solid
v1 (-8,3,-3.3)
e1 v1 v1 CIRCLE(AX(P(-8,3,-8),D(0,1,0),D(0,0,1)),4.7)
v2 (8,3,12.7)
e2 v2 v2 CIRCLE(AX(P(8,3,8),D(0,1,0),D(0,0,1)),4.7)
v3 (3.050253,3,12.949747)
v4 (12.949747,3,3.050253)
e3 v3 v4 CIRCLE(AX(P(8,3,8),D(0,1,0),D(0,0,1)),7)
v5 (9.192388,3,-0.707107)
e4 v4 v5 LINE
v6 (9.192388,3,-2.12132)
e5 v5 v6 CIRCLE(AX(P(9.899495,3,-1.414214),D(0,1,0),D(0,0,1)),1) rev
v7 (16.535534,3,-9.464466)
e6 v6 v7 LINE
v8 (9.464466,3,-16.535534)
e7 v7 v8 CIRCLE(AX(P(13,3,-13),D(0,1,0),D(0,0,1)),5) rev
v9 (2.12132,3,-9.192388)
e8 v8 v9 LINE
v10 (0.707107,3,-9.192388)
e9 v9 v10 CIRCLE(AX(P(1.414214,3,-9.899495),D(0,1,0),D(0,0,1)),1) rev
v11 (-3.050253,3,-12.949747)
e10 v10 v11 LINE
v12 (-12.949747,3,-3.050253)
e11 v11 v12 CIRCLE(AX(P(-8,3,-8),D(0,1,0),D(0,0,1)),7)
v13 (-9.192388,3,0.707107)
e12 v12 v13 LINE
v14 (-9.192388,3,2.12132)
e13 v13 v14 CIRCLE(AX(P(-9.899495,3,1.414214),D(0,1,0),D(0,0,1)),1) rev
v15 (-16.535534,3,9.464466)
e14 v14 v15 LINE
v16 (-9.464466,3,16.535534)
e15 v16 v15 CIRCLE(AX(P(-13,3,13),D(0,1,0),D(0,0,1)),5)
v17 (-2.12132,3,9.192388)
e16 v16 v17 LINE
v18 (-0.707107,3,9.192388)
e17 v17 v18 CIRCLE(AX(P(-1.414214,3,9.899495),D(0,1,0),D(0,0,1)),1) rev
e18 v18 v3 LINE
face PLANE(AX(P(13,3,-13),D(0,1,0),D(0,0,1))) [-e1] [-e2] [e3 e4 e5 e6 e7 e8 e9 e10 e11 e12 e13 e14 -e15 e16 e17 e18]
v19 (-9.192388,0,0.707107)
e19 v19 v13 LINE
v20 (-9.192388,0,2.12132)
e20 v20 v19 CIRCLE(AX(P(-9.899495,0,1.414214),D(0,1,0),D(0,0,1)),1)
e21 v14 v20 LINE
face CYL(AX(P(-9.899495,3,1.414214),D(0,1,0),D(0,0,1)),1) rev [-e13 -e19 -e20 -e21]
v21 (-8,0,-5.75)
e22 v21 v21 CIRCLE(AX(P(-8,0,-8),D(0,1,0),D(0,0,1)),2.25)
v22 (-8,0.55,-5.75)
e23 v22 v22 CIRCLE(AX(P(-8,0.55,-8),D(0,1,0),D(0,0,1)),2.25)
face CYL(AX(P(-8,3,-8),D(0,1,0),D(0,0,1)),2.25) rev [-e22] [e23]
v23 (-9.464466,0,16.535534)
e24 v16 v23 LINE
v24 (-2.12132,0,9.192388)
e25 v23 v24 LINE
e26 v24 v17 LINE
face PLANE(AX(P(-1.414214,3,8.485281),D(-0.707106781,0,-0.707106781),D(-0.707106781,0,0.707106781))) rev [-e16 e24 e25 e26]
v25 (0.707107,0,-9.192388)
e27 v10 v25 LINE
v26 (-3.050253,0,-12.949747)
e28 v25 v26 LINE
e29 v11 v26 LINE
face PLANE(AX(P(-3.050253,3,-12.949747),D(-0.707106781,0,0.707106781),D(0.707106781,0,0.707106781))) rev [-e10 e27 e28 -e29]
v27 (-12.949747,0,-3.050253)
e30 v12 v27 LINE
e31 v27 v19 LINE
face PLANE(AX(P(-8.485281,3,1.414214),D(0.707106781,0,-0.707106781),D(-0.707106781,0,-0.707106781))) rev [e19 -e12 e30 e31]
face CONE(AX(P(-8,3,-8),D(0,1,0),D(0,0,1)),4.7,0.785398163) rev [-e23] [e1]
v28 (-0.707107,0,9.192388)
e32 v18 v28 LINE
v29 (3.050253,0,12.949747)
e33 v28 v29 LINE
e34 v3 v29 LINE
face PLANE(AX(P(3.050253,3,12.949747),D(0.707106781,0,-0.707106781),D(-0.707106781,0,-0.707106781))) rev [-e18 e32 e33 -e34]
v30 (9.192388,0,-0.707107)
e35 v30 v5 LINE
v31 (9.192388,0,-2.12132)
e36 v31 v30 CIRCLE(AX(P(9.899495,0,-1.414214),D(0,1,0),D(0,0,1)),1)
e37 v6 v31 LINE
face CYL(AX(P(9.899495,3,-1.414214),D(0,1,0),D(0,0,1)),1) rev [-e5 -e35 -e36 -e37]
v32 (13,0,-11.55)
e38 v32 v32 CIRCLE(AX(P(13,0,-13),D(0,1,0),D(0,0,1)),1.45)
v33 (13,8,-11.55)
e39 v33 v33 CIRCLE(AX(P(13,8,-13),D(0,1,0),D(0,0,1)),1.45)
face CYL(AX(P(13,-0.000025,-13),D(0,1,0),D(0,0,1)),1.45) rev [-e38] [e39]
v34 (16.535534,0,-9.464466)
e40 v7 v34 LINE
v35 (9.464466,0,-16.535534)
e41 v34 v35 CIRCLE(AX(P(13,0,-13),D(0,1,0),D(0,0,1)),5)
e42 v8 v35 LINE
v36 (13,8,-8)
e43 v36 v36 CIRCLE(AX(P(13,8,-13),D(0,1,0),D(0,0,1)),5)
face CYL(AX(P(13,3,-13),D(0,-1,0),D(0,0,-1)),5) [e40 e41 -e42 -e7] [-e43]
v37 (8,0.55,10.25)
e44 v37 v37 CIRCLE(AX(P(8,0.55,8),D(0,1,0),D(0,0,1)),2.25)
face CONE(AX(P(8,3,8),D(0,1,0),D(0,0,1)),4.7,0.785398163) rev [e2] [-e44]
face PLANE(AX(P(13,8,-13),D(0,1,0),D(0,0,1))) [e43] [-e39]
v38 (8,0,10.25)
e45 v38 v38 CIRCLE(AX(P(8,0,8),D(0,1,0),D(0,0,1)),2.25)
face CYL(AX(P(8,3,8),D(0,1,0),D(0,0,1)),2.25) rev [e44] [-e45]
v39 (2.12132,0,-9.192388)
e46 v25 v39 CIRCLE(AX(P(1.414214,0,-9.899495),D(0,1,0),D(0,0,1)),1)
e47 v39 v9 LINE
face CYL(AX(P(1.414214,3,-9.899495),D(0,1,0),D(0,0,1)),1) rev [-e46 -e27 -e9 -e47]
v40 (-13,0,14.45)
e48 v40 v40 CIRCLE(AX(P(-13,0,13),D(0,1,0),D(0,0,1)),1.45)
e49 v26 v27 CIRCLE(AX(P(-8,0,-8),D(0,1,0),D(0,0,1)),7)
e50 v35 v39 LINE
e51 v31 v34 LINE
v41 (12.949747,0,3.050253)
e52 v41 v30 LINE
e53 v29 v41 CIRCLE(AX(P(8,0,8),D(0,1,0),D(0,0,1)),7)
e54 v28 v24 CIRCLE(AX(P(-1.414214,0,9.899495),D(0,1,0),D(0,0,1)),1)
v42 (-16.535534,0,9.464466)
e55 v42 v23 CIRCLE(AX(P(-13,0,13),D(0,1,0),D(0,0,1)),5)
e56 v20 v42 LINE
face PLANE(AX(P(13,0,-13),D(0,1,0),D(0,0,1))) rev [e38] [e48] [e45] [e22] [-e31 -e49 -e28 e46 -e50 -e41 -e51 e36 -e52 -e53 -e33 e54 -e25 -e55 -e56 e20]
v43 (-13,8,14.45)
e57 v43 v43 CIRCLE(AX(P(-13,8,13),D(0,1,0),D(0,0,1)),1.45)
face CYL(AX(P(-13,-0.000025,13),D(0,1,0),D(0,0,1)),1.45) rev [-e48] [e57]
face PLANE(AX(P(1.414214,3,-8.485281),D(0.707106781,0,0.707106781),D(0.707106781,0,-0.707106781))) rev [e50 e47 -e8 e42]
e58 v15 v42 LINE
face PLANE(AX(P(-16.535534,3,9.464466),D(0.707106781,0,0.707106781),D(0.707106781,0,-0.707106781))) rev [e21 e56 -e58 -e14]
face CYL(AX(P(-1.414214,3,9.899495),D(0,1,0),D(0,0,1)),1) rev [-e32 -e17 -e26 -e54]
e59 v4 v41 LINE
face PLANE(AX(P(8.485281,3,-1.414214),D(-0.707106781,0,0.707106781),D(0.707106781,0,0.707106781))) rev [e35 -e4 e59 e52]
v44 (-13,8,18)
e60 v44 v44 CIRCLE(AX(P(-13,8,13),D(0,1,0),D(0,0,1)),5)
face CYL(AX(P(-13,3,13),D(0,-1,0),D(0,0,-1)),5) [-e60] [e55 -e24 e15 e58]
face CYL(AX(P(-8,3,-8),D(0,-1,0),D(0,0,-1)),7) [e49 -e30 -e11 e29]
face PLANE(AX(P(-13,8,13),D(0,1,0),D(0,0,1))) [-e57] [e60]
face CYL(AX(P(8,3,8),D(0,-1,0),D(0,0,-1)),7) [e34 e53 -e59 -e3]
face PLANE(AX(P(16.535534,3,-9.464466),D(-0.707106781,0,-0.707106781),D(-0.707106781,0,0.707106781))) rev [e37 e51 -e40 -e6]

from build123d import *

# Parameters (mm, degrees)
BOSS_EXTRUDE1_DEPTH                          = 3
FILLET1_R                                    = 1
CSK_FOR_M4_COUNTERSUNK_FLAT_HEAD_SCR_2_COUNT = 2
CSK_FOR_M4_COUNTERSUNK_FLAT_HEAD_SCR_2_PITCH = 22.627416998
SKETCH4_R                                    = 5
BOSS_EXTRUDE2_DEPTH                          = 5
SKETCH5_R                                    = 1.45
CUT_EXTRUDE1_DEPTH                           = 9


with BuildPart() as part:
    # Sketch1 → Boss-Extrude1 (new body)
    with BuildSketch(Plane(origin=(0, 0, 0), x_dir=(1, 0, 0), z_dir=(0, 1, 0))):
        with BuildLine():
            Line((-16.535533906, -9.464466094), (-8.485281374, -1.414213562))
            Line((-8.485281374, -1.414213562), (-12.949747468, 3.050252532))
            ThreePointArc((-12.949747468, 3.050252532), (-12.949747468, 12.949747468), (-3.050252532, 12.949747468))
            Line((-3.050252532, 12.949747468), (1.414213562, 8.485281374))
            Line((1.414213562, 8.485281374), (9.464466094, 16.535533906))
            ThreePointArc((9.464466094, 16.535533906), (16.535533906, 16.535533906), (16.535533906, 9.464466094))
            Line((16.535533906, 9.464466094), (8.485281374, 1.414213562))
            Line((8.485281374, 1.414213562), (12.949747468, -3.050252532))
            ThreePointArc((12.949747468, -3.050252532), (12.949747468, -12.949747468), (3.050252532, -12.949747468))
            Line((3.050252532, -12.949747468), (-1.414213562, -8.485281374))
            Line((-1.414213562, -8.485281374), (-9.464466094, -16.535533906))
            ThreePointArc((-9.464466094, -16.535533906), (-16.535533906, -16.535533906), (-16.535533906, -9.464466094))
        make_face()
    extrude(amount=BOSS_EXTRUDE1_DEPTH)

    # Fillet1
    fillet1_edges = [part.edges().sort_by_distance(p)[0] for p in [
        (8.485281374, 1.5, -1.414213562),
        (-1.414213562, 1.5, 8.485281374),
        (-8.485281374, 1.5, 1.414213562),
        (1.414213562, 1.5, -8.485281374),
    ]]
    fillet(fillet1_edges, radius=FILLET1_R)

    # Sketch2 → CSK for M4 Countersunk Flat Head Screw1 (revolve, cut)
    with BuildSketch(Plane(origin=(-8, 3, -8), x_dir=(0, 0, 1), z_dir=(1, 0, 0))):
        Polygon((0, 0), (0, 3), (2.25, 3), (2.25, 2.45), (4.7, 0), align=None)
    csk_for_m4_countersunk_flat_head_screw1 = revolve(axis=Axis((-8, 9.35, -8), (0, -1, 0)), mode=Mode.SUBTRACT)

    # CSK for M4 Countersunk Flat Head Scr 2: CSK for M4 Countersunk Flat Head Screw1 ×2
    with Locations(*[Vector(0.707106781, 0, 0.707106781) * (i * CSK_FOR_M4_COUNTERSUNK_FLAT_HEAD_SCR_2_PITCH) for i in range(1, CSK_FOR_M4_COUNTERSUNK_FLAT_HEAD_SCR_2_COUNT)]):
        add(csk_for_m4_countersunk_flat_head_screw1, mode=Mode.SUBTRACT)

    # Sketch4 → Boss-Extrude2 (add)
    with BuildSketch(Plane(origin=(0, 3, 0), x_dir=(1, 0, 0), z_dir=(0, 1, 0))):
        with Locations((-13, -13)):
            Circle(SKETCH4_R)
        with Locations((13, 13)):
            Circle(SKETCH4_R)
    extrude(amount=BOSS_EXTRUDE2_DEPTH)

    # Sketch5 → Cut-Extrude1 (cut, through all)
    with BuildSketch(Plane(origin=(0, 8, 0), x_dir=(1, 0, 0), z_dir=(0, 1, 0))):
        with Locations((-13, -13)):
            Circle(SKETCH5_R)
        with Locations((13, 13)):
            Circle(SKETCH5_R)
    extrude(amount=-CUT_EXTRUDE1_DEPTH, mode=Mode.SUBTRACT)


solid = part.part
